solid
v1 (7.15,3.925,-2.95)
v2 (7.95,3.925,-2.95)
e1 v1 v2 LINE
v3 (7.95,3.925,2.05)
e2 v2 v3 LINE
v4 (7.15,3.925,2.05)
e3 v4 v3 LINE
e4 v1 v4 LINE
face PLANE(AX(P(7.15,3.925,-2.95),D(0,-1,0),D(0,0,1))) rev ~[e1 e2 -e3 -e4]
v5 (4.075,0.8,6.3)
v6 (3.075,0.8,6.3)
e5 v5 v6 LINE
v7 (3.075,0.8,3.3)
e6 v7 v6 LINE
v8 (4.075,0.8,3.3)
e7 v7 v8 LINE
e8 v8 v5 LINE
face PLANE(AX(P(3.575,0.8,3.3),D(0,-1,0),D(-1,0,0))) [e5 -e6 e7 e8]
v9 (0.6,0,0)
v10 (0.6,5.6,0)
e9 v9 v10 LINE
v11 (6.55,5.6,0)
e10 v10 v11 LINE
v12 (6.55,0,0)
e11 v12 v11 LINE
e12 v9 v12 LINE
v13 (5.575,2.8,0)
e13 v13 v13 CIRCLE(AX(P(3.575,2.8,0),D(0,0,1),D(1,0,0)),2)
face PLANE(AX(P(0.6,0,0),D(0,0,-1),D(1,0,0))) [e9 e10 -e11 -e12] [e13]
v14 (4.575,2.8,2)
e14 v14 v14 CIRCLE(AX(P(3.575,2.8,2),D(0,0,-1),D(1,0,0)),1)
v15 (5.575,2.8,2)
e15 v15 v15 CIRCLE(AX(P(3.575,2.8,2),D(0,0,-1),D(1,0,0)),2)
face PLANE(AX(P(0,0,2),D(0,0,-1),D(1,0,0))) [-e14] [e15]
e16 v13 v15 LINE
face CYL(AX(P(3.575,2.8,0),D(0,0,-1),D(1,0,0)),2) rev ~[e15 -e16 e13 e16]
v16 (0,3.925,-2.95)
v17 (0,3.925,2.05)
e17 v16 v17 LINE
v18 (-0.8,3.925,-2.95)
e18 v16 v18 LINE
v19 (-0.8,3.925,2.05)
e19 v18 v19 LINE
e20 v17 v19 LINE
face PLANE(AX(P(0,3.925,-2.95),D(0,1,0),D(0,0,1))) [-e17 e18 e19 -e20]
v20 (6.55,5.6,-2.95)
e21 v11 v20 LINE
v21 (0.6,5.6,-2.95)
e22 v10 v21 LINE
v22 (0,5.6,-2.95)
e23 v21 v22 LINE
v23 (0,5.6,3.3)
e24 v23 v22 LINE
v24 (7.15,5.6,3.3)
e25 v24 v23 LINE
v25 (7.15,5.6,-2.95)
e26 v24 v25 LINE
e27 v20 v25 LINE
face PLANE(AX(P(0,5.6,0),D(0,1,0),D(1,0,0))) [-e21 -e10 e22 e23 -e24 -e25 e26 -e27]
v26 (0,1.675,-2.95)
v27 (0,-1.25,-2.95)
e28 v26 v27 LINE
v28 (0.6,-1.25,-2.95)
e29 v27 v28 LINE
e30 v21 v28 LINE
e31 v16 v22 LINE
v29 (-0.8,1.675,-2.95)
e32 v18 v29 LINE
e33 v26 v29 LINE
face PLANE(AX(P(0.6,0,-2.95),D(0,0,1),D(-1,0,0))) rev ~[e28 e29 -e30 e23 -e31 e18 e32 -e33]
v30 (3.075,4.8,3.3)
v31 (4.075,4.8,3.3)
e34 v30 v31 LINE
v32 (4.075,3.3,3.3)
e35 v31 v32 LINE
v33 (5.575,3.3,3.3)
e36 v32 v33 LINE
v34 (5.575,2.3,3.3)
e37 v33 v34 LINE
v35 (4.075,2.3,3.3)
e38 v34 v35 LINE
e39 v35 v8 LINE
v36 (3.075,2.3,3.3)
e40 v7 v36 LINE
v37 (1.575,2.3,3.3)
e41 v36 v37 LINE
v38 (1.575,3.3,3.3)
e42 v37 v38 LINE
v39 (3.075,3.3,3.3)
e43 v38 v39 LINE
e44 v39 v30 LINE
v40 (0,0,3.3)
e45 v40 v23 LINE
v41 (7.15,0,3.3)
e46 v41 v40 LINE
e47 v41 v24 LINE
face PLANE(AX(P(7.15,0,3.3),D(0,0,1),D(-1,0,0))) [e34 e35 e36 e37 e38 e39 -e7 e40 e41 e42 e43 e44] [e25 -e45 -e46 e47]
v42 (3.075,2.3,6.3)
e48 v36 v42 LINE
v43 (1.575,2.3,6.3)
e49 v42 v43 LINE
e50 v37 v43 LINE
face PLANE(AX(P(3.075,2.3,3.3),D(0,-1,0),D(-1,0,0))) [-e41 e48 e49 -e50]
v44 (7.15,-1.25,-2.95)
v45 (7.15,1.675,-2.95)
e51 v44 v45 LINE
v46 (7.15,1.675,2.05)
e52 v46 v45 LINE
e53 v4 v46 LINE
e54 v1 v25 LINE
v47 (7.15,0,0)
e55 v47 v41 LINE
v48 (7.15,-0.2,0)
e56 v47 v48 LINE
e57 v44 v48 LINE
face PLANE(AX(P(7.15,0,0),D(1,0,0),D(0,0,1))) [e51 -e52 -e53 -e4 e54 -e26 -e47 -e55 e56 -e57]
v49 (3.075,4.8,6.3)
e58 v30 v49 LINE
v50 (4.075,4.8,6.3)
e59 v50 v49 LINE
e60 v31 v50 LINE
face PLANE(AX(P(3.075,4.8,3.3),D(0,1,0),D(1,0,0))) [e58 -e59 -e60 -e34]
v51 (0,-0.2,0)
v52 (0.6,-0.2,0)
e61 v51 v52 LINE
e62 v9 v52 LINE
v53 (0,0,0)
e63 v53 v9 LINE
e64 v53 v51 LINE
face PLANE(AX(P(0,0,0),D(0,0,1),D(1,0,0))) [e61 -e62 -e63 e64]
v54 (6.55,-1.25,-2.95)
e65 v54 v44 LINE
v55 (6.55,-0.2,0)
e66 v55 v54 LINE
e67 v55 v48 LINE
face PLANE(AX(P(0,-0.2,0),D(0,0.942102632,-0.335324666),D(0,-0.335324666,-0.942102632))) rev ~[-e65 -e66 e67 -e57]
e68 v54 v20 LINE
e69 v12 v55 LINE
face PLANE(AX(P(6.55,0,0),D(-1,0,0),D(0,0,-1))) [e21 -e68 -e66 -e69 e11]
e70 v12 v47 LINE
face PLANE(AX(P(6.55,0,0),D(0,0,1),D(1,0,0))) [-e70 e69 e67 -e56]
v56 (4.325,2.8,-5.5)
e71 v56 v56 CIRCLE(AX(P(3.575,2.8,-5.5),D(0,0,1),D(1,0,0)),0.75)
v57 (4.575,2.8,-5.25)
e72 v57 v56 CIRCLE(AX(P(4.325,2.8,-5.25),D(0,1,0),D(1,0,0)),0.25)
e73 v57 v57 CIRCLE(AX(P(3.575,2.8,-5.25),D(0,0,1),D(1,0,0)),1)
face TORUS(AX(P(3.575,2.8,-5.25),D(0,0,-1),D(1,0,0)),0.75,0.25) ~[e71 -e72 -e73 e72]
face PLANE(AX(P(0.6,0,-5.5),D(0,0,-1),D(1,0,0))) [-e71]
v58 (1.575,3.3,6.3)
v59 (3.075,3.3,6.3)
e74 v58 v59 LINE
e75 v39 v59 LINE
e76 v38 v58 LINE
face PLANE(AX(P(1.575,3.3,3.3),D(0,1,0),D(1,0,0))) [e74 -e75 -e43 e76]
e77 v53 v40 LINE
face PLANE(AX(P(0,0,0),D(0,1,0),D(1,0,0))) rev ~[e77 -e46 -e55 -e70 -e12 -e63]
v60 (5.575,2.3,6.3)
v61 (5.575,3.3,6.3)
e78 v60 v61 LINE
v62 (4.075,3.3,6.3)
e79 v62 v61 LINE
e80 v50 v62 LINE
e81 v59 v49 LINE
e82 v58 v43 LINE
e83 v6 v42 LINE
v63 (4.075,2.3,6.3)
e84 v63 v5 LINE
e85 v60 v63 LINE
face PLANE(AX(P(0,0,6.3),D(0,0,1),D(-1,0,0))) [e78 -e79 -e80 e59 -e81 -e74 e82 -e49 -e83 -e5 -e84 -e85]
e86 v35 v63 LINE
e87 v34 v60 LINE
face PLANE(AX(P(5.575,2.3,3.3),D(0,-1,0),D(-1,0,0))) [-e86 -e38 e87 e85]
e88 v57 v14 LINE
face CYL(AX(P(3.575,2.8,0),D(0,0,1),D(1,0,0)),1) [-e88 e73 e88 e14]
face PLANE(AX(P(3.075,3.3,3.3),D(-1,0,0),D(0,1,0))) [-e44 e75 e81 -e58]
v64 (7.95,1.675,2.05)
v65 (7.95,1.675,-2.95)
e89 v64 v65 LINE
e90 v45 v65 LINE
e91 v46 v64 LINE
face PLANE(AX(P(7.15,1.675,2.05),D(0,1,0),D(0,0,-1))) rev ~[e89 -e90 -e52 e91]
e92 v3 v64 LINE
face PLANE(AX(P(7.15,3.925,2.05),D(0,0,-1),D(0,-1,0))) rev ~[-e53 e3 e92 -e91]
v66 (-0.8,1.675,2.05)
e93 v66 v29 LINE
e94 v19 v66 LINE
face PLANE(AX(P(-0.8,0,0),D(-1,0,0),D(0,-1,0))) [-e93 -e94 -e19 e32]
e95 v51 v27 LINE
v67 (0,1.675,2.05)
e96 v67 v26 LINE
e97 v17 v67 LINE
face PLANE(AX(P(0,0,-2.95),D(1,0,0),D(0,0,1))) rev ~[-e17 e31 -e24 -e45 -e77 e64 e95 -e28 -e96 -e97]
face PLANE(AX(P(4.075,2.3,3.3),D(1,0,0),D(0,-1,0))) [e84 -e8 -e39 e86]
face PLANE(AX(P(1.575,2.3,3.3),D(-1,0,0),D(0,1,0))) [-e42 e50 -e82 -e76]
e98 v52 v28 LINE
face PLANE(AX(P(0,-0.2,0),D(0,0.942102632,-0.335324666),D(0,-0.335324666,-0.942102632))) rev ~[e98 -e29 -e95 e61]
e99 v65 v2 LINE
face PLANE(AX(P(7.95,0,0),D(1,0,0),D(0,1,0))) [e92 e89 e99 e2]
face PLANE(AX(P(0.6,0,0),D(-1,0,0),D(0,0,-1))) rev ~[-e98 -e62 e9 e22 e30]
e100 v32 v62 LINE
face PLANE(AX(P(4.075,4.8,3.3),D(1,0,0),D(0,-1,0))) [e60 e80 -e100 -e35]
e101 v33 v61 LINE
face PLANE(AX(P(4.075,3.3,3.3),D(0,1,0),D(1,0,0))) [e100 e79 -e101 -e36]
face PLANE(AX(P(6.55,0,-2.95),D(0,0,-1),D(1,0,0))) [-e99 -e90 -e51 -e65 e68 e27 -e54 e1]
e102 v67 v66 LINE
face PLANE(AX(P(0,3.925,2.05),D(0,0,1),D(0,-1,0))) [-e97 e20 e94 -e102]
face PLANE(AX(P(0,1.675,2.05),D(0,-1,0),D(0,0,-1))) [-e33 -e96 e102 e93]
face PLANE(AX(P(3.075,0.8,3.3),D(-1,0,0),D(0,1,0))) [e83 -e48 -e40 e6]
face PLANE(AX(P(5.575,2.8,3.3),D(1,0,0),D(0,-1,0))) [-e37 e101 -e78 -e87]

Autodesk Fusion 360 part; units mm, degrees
sketch "Sketch1" plane through (0, 0, 0) normal (0, 1, 0) x (1, 0, 0)
  line L0 (0, 0) -> (7.15, 0)
  line L1 (7.15, 0) -> (7.15, -3.3)
  line L2 (7.15, -3.3) -> (0, -3.3)
  line L3 (0, -3.3) -> (0, 0)
  line L4 (0, 0) -> (0.6, 0)
  line L5 (0.6, 0) -> (0.6, 2.95)
  line L6 (0.6, 2.95) -> (0, 2.95)
  line L7 (0, 2.95) -> (0, 0)
  line L8 (7.15, 0) -> (6.55, 0)
  line L9 (6.55, 0) -> (6.55, 2.95)
  line L10 (6.55, 2.95) -> (7.15, 2.95)
  line L11 (7.15, 2.95) -> (7.15, 0)
  dimension "d1" = 7.15
  dimension "d2" = 3.3
  dimension "d3" = 0.6
  dimension "d4" = 2.95
  dimension "d5" = 0.6
  dimension "d6" = 2.95
extrude "Extrude1" add sketch "Sketch1" along normal blind 5.6
sketch "Sketch2" plane through (7.15, 0, 0) normal (1, 0, 0) x (0, 1, 0)
  line L0 (0, 3.3) -> (0, -2.95)
  line L1 (0, -2.95) -> (5.6, -2.95)
  line L2 (5.6, -2.95) -> (5.6, 3.3)
  line L3 (5.6, 3.3) -> (0, 3.3)
  line L4 (1.675, -2.95) -> (3.925, -2.95)
  line L5 (3.925, -2.95) -> (3.925, 2.05)
  line L6 (3.925, 2.05) -> (1.675, 2.05)
  line L7 (1.675, 2.05) -> (1.675, -2.95)
  point P0 (2.8, 0)
  dimension "d12" = 2.25
  dimension "d13" = 5
extrude "Extrude2" add sketch "Sketch2" along normal blind 0.8 contours L1 L4 L5 L6 L7
sketch "Sketch3" plane through (0, 0, 0) normal (-1, 0, 0) x (0, -1, 0)
  line L0 (0, -2.95) -> (0, 3.3)
  line L1 (0, 3.3) -> (-5.6, 3.3)
  line L2 (-5.6, 3.3) -> (-5.6, -2.95)
  line L3 (-5.6, -2.95) -> (0, -2.95)
  line L4 (-1.675, -2.5004) -> (-1.675, -2.95)
  line L5 (-1.675, -2.95) -> (-3.925, -2.95)
  line L6 (-3.925, -2.95) -> (-3.925, -2.5004)
  line L7 (-1.675, -2.95) -> (-3.925, -2.95)
  line L8 (-3.925, -2.95) -> (-3.925, 2.05)
  line L9 (-3.925, 2.05) -> (-1.675, 2.05)
  line L10 (-1.675, 2.05) -> (-1.675, -2.95)
  point P0 (-2.8, -0.0004)
  dimension "d19" = 2.25
  dimension "d20" = 5
extrude "Extrude3" add sketch "Sketch3" along normal blind 0.8 contours L3 L4 L5 L6 L7 L8 L9 L10
sketch "Sketch4" plane through (0, 0, 0) normal (0, -1, 0) x (1, 0, 0)
  line L0 (0.6, -2.95) -> (0.6, 0)
  line L1 (0.6, 0) -> (6.55, 0)
  line L2 (6.55, 0) -> (6.55, -2.95)
  line L3 (6.55, -2.95) -> (7.15, -2.95)
  line L4 (7.15, -2.95) -> (7.15, 3.3)
  line L5 (7.15, 3.3) -> (0, 3.3)
  line L6 (0, 3.3) -> (0, -2.95)
  line L7 (0, -2.95) -> (0.6, -2.95)
  line L8 (0, 0) -> (0.6, 0)
  line L9 (0.6, 0) -> (0.6, -2.95)
  line L10 (0.6, -2.95) -> (0, -2.95)
  line L11 (0, -2.95) -> (0, 0)
  line L12 (6.55, 0) -> (7.15, 0)
  line L13 (7.15, 0) -> (7.15, -2.95)
  line L14 (7.15, -2.95) -> (6.55, -2.95)
  line L15 (6.55, -2.95) -> (6.55, 0)
extrude "Extrude4" add sketch "Sketch4" along normal blind 2 contours L0 L6 L7 L8 L9 L10 L11 | L2 L3 L4 L12 L13 L14 L15
sketch "Sketch5" plane through (0, 0, 0) normal (-1, 0, 0) x (0, -1, 0)
  line L0 (-3.925, -2.95) -> (-3.925, 2.05)
  line L1 (-3.925, 2.05) -> (-1.675, 2.05)
  line L2 (-1.675, 2.05) -> (-1.675, -2.95)
  line L3 (0, 0) -> (0, 3.3)
  line L4 (0, 3.3) -> (-5.6, 3.3)
  line L5 (-5.6, 3.3) -> (-5.6, -2.95)
  line L6 (-5.6, -2.95) -> (-3.925, -2.95)
sketch "Sketch6" plane through (0, 0, -2.95) normal (0, 0, -1) x (1, 0, 0)
  line L0 (0, 2) -> (0, -1.675)
  line L1 (0, -1.675) -> (-0.8, -1.675)
  line L2 (-0.8, -1.675) -> (-0.8, -3.925)
  line L3 (-0.8, -3.925) -> (0, -3.925)
  line L4 (0, -3.925) -> (0, -5.6)
  line L5 (0, -5.6) -> (0.6, -5.6)
  line L6 (0.6, -5.6) -> (0.6, 2)
  line L7 (0.6, 2) -> (0, 2)
  line L8 (0.6, 2) -> (0, 2)
  line L9 (0, 2) -> (0, 1.4)
  line L10 (0, 1.4) -> (0.6, 1.4)
  line L11 (0.6, 1.4) -> (0.6, 2)
sketch "Sketch7" plane through (0, 0, -2.95) normal (0, 0, -1) x (1, 0, 0)
  line L0 (6.55, 2) -> (6.55, -5.6)
  line L1 (6.55, -5.6) -> (7.15, -5.6)
  line L2 (7.15, -5.6) -> (7.15, -3.925)
  line L3 (7.15, -3.925) -> (7.95, -3.925)
  line L4 (7.95, -3.925) -> (7.95, -1.675)
  line L5 (7.95, -1.675) -> (7.15, -1.675)
  line L6 (7.15, -1.675) -> (7.15, 2)
  line L7 (7.15, 2) -> (6.55, 2)
  line L8 (7.15, 2) -> (6.55, 2)
  line L9 (6.55, 2) -> (6.55, 1.4)
  line L10 (6.55, 1.4) -> (7.15, 1.4)
  line L11 (7.15, 1.4) -> (7.15, 2)
  dimension "d25" = 0.6
extrude "Extrude5" add sketch "Sketch7" sketch "Sketch6" along normal blind 0.5 contours L0 L6 L7 L8 L9 L10 L11 of sketch 2 contours L0 L6 L7 L8 L9 L10 L11
sketch "Sketch8" plane through (0, 0, 0) normal (-1, 0, 0) x (0, -1, 0)
  line L0 (0.2, 0) -> (1.25, -2.95)
  line L1 (1.25, -2.95) -> (1.3, -3.6)
  line L2 (1.3, -3.6) -> (2.5, -3.6)
  line L3 (2.5, -3.6) -> (2.5, 0.457)
  line L4 (2.5, 0.457) -> (0.2, 0)
sketch "Sketch9" plane through (0, -1.35, -1.5715) normal (-1, 0, 0) x (0, -1, 0)
extrude "Extrude6" cut sketch "Sketch8" against normal blind 11
sketch "Sketch10" plane through (0, 0, 0) normal (0, 0, -1) x (1, 0, 0)
  line L0 (6.55, 0) -> (0.6, 0)
  line L1 (0.6, 0) -> (0.6, -5.6)
  line L2 (0.6, -5.6) -> (6.55, -5.6)
  line L3 (6.55, -5.6) -> (6.55, 0)
  line L4 (3.575, -5.6) -> (3.575, 0)
  circle A0 centre (3.575, -2.8) radius 1
  circle A1 centre (3.575, -2.8) radius 2
  dimension "d30" = 2
  dimension "d31" = 4
extrude "Extrude7" cut sketch "Sketch10" against normal blind 2 contours L4 A0 A1 | L4 A0 A1
extrude "Extrude8" add 1 faces at (3.8935, 2.8983, 0) along direction (0, 0, -1) blind 5.5
sketch "Sketch11" plane through (0, 0, 0) normal (0, 1, 0) x (1, 0, 0)
fillet "Fillet1" radius 0.25 1 edges at (2.6427, 3.1616, -5.5)
sketch "Sketch12" plane through (0, 0, 3.3) normal (0, 0, 1) x (-1, 0, 0)
  line L0 (0, 0) -> (-7.15, 0)
  line L1 (-7.15, 0) -> (-7.15, -5.6)
  line L2 (-7.15, -5.6) -> (0, -5.6)
  line L3 (0, -5.6) -> (0, 0)
  line L4 (-3.575, -5.6) -> (-3.575, 0)
  line L5 (0, -2.8) -> (-7.15, -2.8)
  line L6 (-1.575, -4.8) -> (-5.575, -4.8)
  line L7 (-5.575, -4.8) -> (-5.575, -0.8)
  line L8 (-5.575, -0.8) -> (-1.575, -0.8)
  line L9 (-1.575, -0.8) -> (-1.575, -4.8)
  line L10 (-1.575, -4.8) -> (-5.575, -0.8) construction
  line L11 (-5.575, -4.8) -> (-1.575, -0.8) construction
  line L12 (-3.075, -4.8) -> (-4.075, -4.8)
  line L13 (-4.075, -4.8) -> (-4.075, -0.8)
  line L14 (-4.075, -0.8) -> (-3.075, -0.8)
  line L15 (-3.075, -0.8) -> (-3.075, -4.8)
  line L16 (-3.075, -4.8) -> (-4.075, -0.8) construction
  line L17 (-4.075, -4.8) -> (-3.075, -0.8) construction
  line L18 (-1.575, -3.3) -> (-5.575, -3.3)
  line L19 (-5.575, -3.3) -> (-5.575, -2.3)
  line L20 (-5.575, -2.3) -> (-1.575, -2.3)
  line L21 (-1.575, -2.3) -> (-1.575, -3.3)
  line L22 (-1.575, -3.3) -> (-5.575, -2.3) construction
  line L23 (-5.575, -3.3) -> (-1.575, -2.3) construction
  point P0 (-3.575, -2.8)
  point P1 (-3.575, -2.8)
  point P2 (-3.575, -2.8)
  dimension "d38" = 4
  dimension "d39" = 4
  dimension "d40" = 1
  dimension "d41" = 4
  dimension "d42" = 4
  dimension "d43" = 1
extrude "Extrude9" add sketch "Sketch12" along normal blind 3 contours L4 L8 L14 L15 L20 | L4 L8 L13 L14 L20 | L5 L9 L15 L18 L21 | L5 L9 L15 L20 L21 | L4 L5 L15 L20 | L4 L5 L13 L20 | L4 L5 L15 L18 | L5 L7 L13 L19 L20 | L5 L7 L13 L18 L19 | L4 L5 L13 L18 | L4 L6 L12 L13 L18 | L4 L6 L12 L15 L18
sketch "Sketch13" plane through (0, 0, 0) normal (1, 0, 0) x (0, 1, 0)
sketch "Sketch14" plane through (0, 0, -5.5) normal (0, 0, -1) x (1, 0, 0)
  circle A0 centre (3.575, -2.8) radius 0.75
sketch "Sketch15" plane through (7.95, 0, 0) normal (1, 0, 0) x (0, 1, 0)
  line L0 (1.675, 2.05) -> (1.675, -2.95)
  line L1 (1.675, -2.95) -> (3.925, -2.95)
  line L2 (3.925, -2.95) -> (3.925, 2.05)
  line L3 (3.925, 2.05) -> (1.675, 2.05)
  line L4 (0.8, 6.3) -> (4.8, 6.3)
  line L5 (0.8, 6.3) -> (0.8, 3.3)
  line L6 (0, 3.3) -> (5.6, 3.3)
  line L7 (5.6, 3.3) -> (5.6, -2.95)
  line L8 (5.6, -2.95) -> (5.6, 3.3)
  line L9 (-1.25, -2.95) -> (5.6, -2.95)
  line L10 (0, 0) -> (0, -2.95)
  dimension "d46" = 4
  dimension "d47" = 3
  dimension "d48" = 5.6
  dimension "d49" = 6.25
  dimension "d50" = 6.85
  dimension "d51" = 2.95
